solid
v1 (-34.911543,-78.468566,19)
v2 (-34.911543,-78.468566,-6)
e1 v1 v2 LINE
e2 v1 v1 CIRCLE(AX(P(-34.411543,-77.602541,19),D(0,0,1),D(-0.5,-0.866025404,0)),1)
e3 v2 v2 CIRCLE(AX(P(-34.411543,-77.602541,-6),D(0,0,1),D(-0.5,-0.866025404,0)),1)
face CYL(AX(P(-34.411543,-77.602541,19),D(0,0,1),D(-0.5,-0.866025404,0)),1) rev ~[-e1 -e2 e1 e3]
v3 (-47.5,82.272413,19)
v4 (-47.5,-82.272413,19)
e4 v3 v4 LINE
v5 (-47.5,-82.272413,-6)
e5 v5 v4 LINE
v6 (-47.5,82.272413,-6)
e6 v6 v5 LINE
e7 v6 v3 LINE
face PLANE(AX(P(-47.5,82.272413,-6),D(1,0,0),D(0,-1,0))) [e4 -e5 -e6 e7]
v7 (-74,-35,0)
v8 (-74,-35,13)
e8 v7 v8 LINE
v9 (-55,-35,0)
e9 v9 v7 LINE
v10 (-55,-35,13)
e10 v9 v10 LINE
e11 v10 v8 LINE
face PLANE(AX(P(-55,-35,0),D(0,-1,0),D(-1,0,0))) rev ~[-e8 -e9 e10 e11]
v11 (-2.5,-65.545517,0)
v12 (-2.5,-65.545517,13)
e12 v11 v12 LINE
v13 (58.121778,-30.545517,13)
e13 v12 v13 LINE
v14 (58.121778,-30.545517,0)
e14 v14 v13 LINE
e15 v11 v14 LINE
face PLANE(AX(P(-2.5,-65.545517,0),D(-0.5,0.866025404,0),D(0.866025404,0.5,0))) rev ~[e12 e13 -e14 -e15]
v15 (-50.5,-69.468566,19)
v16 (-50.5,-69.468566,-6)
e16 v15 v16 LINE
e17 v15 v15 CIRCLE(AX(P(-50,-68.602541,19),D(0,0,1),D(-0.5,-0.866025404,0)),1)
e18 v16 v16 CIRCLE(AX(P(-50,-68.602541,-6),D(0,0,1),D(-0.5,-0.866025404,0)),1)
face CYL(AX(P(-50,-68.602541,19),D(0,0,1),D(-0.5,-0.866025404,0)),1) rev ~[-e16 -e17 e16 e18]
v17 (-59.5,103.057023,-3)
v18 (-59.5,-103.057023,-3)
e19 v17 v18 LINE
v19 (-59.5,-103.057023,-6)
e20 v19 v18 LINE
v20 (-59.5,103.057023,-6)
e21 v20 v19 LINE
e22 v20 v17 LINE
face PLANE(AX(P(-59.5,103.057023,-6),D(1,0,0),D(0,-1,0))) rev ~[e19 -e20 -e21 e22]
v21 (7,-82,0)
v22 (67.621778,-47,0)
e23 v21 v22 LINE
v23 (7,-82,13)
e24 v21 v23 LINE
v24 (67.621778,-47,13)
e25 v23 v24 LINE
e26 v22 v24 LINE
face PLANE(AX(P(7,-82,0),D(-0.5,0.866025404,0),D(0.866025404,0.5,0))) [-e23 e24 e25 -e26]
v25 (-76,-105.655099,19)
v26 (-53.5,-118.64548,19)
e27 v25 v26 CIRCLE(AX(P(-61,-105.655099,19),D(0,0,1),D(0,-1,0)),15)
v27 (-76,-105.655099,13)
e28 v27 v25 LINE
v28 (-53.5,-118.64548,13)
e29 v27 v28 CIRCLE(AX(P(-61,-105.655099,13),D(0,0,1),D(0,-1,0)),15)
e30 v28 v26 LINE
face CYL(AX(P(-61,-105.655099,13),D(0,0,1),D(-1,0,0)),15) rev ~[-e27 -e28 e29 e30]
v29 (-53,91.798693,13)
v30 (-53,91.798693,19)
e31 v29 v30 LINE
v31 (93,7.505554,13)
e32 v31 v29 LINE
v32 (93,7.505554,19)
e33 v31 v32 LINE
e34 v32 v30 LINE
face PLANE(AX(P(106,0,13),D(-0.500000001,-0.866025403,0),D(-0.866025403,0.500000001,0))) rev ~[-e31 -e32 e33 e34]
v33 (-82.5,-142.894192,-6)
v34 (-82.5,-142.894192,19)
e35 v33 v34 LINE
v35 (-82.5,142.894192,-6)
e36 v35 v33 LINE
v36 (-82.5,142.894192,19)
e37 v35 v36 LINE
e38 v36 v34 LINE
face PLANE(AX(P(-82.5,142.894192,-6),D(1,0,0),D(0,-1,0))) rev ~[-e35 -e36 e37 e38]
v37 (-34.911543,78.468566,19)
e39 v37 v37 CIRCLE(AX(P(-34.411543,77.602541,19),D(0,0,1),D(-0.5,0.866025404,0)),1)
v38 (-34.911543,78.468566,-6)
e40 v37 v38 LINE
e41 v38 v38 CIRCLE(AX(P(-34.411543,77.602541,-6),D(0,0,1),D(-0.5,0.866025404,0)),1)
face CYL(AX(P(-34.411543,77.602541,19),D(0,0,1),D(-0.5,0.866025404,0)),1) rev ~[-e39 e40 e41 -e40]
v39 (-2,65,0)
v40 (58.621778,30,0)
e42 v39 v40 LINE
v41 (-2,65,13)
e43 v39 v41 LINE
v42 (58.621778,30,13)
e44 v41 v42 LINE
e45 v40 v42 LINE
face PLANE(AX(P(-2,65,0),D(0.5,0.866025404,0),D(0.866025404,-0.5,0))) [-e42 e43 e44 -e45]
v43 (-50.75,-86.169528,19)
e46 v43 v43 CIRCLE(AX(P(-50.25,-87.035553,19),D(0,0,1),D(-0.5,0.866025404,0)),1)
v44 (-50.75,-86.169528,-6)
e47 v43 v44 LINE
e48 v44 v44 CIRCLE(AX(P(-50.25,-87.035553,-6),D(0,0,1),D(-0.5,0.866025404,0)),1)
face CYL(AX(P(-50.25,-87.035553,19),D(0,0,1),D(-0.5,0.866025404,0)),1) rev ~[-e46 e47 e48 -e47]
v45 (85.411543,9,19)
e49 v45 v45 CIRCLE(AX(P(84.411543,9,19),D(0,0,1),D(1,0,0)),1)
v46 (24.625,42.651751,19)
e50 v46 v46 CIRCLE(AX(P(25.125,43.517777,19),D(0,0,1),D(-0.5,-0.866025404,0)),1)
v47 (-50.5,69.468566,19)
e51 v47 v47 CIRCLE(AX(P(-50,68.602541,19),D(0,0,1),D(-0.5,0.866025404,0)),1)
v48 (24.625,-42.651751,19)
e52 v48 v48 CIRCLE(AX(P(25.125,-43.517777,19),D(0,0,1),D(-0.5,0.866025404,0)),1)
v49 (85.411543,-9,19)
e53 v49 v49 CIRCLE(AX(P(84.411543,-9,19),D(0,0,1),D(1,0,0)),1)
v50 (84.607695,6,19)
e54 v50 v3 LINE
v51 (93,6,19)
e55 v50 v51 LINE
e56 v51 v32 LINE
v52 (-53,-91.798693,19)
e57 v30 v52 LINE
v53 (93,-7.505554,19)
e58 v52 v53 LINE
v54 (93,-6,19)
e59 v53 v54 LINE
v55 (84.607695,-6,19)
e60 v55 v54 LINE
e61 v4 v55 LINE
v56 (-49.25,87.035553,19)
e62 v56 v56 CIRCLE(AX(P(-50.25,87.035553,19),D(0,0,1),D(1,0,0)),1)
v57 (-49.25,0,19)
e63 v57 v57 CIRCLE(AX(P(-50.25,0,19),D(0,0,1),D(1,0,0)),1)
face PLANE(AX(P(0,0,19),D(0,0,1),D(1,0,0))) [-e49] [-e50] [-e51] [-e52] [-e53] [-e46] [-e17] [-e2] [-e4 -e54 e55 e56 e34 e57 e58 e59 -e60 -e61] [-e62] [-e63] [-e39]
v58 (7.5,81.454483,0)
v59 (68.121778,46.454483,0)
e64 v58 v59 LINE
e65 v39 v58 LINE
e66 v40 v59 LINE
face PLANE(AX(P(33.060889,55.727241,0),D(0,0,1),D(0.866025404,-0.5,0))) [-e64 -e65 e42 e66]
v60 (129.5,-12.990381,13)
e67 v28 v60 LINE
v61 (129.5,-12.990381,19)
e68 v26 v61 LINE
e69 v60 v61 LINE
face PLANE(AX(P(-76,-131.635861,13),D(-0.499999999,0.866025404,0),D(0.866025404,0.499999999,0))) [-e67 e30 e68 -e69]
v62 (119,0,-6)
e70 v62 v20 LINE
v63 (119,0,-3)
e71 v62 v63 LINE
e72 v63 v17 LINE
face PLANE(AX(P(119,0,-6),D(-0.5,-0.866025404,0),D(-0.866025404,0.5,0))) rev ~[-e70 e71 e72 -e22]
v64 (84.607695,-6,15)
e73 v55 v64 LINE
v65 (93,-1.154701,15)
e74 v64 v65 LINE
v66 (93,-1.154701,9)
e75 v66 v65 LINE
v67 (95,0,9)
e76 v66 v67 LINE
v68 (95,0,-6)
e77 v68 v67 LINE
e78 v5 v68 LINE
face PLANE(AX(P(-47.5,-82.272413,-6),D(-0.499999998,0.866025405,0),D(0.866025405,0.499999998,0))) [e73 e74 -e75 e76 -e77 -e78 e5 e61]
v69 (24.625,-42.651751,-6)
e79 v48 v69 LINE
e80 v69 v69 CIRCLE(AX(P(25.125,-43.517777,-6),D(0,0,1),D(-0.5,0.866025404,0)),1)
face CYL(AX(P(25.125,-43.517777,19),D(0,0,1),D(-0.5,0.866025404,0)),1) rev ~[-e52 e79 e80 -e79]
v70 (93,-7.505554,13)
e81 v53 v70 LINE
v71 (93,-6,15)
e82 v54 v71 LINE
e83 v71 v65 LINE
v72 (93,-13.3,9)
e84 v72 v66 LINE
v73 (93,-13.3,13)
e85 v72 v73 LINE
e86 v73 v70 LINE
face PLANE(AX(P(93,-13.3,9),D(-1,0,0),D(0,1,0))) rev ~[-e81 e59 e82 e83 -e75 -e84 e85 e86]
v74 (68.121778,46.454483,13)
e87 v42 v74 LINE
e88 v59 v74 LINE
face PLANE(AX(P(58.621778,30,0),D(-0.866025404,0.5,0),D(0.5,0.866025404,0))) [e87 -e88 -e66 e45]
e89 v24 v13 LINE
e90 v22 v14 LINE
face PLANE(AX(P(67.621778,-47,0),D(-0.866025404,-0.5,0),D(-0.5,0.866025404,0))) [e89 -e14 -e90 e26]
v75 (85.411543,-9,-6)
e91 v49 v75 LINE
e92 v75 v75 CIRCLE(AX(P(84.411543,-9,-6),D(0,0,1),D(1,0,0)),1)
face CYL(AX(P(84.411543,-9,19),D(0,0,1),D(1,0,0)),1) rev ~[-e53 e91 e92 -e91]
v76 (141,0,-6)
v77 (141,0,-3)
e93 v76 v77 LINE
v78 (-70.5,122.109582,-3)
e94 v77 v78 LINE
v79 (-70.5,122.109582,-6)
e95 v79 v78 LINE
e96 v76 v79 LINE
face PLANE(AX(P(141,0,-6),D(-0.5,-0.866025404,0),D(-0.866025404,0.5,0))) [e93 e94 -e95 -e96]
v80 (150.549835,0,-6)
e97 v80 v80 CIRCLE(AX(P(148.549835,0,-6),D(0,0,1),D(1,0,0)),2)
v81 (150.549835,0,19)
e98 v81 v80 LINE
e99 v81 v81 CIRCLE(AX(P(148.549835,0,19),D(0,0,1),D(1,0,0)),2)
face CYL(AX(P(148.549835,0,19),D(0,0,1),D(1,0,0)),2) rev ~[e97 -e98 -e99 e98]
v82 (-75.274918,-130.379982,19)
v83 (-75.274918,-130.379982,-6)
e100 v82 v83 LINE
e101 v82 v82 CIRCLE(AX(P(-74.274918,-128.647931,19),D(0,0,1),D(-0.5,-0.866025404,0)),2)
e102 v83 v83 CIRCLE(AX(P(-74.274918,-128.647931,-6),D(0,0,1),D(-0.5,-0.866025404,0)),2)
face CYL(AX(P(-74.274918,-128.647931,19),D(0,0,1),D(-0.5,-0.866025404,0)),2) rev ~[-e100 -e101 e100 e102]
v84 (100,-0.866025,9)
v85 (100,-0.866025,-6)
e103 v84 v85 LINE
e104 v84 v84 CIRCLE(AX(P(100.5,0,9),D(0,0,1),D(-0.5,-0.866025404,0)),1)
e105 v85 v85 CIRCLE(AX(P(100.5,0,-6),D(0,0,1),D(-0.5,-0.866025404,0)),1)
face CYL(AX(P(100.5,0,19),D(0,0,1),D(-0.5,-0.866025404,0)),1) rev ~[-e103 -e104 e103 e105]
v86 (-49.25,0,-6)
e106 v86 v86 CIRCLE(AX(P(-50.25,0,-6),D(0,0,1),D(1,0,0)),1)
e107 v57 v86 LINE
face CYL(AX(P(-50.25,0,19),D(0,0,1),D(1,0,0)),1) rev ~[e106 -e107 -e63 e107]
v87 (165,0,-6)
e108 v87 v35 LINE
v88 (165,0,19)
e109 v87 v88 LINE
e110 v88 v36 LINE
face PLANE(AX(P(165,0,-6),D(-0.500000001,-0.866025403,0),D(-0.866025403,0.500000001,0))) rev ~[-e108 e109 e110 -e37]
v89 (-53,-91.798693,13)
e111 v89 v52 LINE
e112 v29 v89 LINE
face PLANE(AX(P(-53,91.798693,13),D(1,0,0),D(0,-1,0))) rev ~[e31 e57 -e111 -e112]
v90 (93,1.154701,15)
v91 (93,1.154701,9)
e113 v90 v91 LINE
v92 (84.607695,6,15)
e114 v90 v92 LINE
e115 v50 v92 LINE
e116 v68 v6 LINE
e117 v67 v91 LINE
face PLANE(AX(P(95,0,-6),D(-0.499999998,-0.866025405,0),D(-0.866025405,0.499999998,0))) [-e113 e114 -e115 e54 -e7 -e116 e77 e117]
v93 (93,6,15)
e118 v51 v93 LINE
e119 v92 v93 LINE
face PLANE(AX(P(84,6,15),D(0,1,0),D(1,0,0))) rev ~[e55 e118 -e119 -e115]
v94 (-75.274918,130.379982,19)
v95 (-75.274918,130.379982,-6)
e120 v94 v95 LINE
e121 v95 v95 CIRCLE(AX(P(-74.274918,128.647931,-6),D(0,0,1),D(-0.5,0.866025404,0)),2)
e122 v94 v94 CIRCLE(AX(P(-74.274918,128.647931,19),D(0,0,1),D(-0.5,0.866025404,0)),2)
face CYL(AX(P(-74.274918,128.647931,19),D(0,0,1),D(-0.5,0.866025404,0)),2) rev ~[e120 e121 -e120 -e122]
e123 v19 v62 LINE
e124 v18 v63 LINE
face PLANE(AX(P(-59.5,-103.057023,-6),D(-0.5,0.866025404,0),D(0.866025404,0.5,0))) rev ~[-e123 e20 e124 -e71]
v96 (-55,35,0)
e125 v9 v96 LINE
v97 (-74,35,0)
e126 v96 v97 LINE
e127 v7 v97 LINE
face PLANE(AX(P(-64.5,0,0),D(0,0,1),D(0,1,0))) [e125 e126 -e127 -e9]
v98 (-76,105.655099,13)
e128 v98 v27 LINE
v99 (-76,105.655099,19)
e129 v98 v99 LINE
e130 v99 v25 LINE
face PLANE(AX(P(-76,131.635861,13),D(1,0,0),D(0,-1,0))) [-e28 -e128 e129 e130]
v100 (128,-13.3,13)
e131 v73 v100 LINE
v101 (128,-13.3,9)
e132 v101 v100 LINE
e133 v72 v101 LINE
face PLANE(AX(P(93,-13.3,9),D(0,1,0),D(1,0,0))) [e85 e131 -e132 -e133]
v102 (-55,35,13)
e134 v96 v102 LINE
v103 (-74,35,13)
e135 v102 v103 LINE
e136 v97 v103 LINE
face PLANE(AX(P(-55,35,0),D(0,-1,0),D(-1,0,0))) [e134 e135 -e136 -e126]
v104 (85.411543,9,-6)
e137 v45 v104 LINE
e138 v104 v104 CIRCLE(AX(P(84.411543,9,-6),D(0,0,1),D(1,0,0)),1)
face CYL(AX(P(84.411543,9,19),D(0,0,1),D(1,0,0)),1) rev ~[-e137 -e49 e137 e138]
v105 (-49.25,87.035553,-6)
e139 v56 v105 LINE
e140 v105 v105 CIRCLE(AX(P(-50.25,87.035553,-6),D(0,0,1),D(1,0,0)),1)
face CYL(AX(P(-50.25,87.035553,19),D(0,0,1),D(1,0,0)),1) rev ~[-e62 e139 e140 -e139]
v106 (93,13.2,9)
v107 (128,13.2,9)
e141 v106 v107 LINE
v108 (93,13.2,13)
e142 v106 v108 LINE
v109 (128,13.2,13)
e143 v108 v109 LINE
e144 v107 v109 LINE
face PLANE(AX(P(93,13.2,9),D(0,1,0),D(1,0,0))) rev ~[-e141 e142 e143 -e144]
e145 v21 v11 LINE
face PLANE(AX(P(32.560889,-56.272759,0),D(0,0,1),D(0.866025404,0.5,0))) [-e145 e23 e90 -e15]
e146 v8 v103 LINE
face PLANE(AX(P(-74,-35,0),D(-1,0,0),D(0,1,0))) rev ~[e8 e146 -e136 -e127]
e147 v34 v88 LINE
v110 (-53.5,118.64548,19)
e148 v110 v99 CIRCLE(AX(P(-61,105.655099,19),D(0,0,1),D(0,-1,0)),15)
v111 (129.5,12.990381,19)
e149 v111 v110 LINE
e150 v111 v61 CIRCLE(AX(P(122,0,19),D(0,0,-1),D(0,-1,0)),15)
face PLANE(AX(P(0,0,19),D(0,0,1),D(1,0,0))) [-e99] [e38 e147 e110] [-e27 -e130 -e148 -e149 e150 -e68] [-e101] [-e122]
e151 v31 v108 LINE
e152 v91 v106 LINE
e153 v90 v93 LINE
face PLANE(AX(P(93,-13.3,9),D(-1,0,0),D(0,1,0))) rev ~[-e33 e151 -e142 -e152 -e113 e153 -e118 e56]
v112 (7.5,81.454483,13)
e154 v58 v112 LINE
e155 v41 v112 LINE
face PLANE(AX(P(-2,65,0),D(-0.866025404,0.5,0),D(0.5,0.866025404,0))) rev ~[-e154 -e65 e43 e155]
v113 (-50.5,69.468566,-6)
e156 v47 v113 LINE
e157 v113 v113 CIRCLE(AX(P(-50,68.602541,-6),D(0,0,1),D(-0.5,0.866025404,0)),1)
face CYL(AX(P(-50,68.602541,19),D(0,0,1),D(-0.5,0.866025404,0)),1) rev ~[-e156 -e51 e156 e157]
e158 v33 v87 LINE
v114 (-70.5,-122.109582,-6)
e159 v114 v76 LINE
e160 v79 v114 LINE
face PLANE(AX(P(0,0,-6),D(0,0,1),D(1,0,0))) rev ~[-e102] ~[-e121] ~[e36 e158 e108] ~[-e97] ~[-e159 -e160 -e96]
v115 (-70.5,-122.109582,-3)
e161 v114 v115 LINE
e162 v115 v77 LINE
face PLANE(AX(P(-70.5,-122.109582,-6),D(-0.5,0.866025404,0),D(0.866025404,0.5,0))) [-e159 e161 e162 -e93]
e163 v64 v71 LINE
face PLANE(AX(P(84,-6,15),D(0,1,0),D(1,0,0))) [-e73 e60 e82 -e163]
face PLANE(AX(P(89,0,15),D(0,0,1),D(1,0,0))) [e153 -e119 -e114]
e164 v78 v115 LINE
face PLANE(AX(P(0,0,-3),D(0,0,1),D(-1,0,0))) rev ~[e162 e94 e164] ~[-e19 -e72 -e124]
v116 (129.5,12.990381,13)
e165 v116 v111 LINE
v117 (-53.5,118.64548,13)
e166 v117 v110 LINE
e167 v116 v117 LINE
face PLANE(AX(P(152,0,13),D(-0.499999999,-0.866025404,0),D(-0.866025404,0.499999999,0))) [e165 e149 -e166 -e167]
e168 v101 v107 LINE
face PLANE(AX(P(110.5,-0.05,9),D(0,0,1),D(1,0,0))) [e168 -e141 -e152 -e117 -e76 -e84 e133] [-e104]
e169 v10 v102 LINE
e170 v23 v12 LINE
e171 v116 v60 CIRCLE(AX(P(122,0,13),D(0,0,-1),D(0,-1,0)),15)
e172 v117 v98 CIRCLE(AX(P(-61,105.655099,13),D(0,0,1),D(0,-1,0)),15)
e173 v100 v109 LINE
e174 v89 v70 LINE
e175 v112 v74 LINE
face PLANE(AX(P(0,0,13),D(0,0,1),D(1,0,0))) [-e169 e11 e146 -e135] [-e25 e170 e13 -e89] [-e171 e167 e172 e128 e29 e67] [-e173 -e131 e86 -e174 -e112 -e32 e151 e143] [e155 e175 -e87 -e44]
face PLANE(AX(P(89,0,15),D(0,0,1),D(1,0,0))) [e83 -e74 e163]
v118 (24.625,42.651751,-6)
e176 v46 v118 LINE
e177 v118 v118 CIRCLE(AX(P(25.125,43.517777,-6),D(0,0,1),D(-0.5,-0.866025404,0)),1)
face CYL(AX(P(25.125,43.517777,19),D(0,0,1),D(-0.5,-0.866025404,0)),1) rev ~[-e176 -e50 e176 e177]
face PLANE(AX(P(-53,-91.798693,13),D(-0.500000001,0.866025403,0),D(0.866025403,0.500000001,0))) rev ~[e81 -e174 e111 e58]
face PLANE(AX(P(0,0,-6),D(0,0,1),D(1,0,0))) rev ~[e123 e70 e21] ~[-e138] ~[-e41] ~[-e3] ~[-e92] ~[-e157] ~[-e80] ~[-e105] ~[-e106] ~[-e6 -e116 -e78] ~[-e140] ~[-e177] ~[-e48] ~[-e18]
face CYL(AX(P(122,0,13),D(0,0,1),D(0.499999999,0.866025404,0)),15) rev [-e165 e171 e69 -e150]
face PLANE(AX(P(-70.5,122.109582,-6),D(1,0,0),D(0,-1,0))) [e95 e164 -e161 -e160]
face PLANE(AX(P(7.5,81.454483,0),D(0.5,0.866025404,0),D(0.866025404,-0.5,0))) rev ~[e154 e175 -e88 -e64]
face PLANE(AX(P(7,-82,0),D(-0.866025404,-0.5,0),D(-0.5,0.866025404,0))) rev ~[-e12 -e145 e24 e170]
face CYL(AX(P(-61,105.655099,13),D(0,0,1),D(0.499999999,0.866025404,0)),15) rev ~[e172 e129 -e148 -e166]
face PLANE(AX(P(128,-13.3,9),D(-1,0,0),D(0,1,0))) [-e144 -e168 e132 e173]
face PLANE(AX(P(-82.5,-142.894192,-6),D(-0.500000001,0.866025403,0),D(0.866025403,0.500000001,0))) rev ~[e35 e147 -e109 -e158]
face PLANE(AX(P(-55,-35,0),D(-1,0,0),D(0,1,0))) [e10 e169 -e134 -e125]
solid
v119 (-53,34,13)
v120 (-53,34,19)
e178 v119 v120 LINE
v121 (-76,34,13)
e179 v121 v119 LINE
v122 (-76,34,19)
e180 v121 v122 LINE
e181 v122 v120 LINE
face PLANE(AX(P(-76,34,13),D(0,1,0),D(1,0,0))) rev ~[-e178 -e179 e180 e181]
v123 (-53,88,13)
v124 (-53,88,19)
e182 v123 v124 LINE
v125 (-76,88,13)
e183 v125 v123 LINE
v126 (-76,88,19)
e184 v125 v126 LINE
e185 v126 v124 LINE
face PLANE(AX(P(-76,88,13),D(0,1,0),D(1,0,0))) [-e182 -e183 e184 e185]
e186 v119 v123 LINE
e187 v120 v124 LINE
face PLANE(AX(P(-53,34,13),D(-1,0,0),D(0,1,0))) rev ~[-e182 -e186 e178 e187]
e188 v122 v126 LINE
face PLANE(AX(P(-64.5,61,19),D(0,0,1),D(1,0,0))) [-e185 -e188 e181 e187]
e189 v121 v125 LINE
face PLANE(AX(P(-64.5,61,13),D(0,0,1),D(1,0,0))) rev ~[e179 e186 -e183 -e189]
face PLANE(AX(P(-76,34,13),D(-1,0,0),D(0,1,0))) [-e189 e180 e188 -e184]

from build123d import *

# Parameters (mm, degrees)
BOX005_W               = 23
BOX005_H               = 54
BOX005_DEPTH           = 6
PRISM003_DEPTH         = 6
PRISM002_DEPTH         = 6
BOX004_W               = 10
BOX004_H               = 12
BOX004_DEPTH           = 4
BOX003_W               = 35
BOX003_H               = 26.5
BOX003_DEPTH           = 10
BOX002_W               = 70
BOX002_H               = 19
BOX002_DEPTH           = 19
BOX002_PLACEMENT_ANGLE = 30
BOX001_W               = 70
BOX001_H               = 19
BOX001_DEPTH           = 19
BOX001_PLACEMENT_ANGLE = 90
BOX_W                  = 70
BOX_H                  = 19
BOX_DEPTH              = 19
BOX_PLACEMENT_ANGLE    = 30
PRISM001_DEPTH         = 25
PRISM_DEPTH            = 25
FILLET_R               = 15
SKETCH001_R            = 2
POCKET_DEPTH           = 782.777352
POLARPATTERN_COUNT     = 3
POCKET001_DEPTH        = 3
SKETCH002_R            = 1
POCKET002_DEPTH        = 782.777352
POLARPATTERN001_COUNT  = 3
SKETCH004_R            = 1
POCKET003_DEPTH        = 782.777352
POLARPATTERN002_COUNT  = 3
POLARPATTERN003_COUNT  = 3


with BuildPart() as box005:
    # Box005 → Box005 (new body)
    with BuildSketch(Plane(origin=(-76, 34, 13), x_dir=(1, 0, 0), z_dir=(0, 0, 1))):
        with Locations((11.5, 27)):
            Rectangle(BOX005_W, BOX005_H)
    extrude(amount=BOX005_DEPTH)


with BuildPart() as prism003:
    # Prism003 → Prism003 (new body)
    with BuildSketch(Plane.XY.offset(13)):
        Polygon((106, 0), (-53, 91.798693), (-53, -91.798693), align=None)
    extrude(amount=PRISM003_DEPTH)


with BuildPart() as cut006:
    # Prism002 → Prism002 (new body)
    with BuildSketch(Plane.XY.offset(13)):
        Polygon((152, 0), (-76, 131.635861), (-76, -131.635861), align=None)
    extrude(amount=PRISM002_DEPTH)

    # Cut006: cut Prism003
    add(prism003.part, mode=Mode.SUBTRACT)


with BuildPart() as box004:
    # Box004 → Box004 (new body)
    with BuildSketch(Plane(origin=(84, -6, 15), x_dir=(1, 0, 0), z_dir=(0, 0, 1))):
        with Locations((5, 6)):
            Rectangle(BOX004_W, BOX004_H)
    extrude(amount=BOX004_DEPTH)


with BuildPart() as box003:
    # Box003 → Box003 (new body)
    with BuildSketch(Plane(origin=(93, -13.3, 9), x_dir=(1, 0, 0), z_dir=(0, 0, 1))):
        with Locations((17.5, 13.25)):
            Rectangle(BOX003_W, BOX003_H)
    extrude(amount=BOX003_DEPTH)


with BuildPart() as box002:
    # Box002 → Box002 (new body)
    with BuildSketch(Plane.XY):
        with Locations((35, 9.5)):
            Rectangle(BOX002_W, BOX002_H)
    extrude(amount=BOX002_DEPTH)


with BuildPart() as box002_1:
    # Box002 placement: moved
    add(box002.part.moved(Location((7, -82, 0))).rotate(Axis((7, -82, 0), (0, 0, 1)), BOX002_PLACEMENT_ANGLE))


with BuildPart() as box001:
    # Box001 → Box001 (new body)
    with BuildSketch(Plane.XY):
        with Locations((35, 9.5)):
            Rectangle(BOX001_W, BOX001_H)
    extrude(amount=BOX001_DEPTH)


with BuildPart() as box001_1:
    # Box001 placement: moved
    add(box001.part.moved(Location((-55, -35, 0))).rotate(Axis((-55, -35, 0), (0, 0, 1)), BOX001_PLACEMENT_ANGLE))


with BuildPart() as box:
    # Box → Box (new body)
    with BuildSketch(Plane.XY):
        with Locations((35, 9.5)):
            Rectangle(BOX_W, BOX_H)
    extrude(amount=BOX_DEPTH)


with BuildPart() as box_1:
    # Box placement: moved
    add(box.part.moved(Location((-2, 65, 0))).rotate(Axis((-2, 65, 0), (0, 0, -1)), BOX_PLACEMENT_ANGLE))


with BuildPart() as prism001:
    # Prism001 → Prism001 (new body)
    with BuildSketch(Plane.XY.offset(-6)):
        Polygon((95, 0), (-47.5, 82.272413), (-47.5, -82.272413), align=None)
    extrude(amount=PRISM001_DEPTH)


with BuildPart() as body:
    # Prism → Prism (new body)
    with BuildSketch(Plane.XY.offset(-6)):
        Polygon((165, 0), (-82.5, 142.894192), (-82.5, -142.894192), align=None)
    extrude(amount=PRISM_DEPTH)

    # Cut: cut Prism001
    add(prism001.part, mode=Mode.SUBTRACT)

    # Cut001: cut Box
    add(box_1.part, mode=Mode.SUBTRACT)

    # Cut002: cut Box001
    add(box001_1.part, mode=Mode.SUBTRACT)

    # Cut003: cut Box002
    add(box002_1.part, mode=Mode.SUBTRACT)

    # Cut004: cut Box003
    add(box003.part, mode=Mode.SUBTRACT)

    # Cut005: cut Box004
    add(box004.part, mode=Mode.SUBTRACT)

    # Cut007: cut Cut006
    add(cut006.part, mode=Mode.SUBTRACT)

    # Fillet
    fillet_edges = [body.edges().sort_by_distance(p)[0] for p in [
        (152, 0, 16),
        (-76, 131.635861, 16),
        (-76, -131.635861, 16),
    ]]
    fillet(fillet_edges, radius=FILLET_R)

    # Sketch001 (on Face1 of BaseFeature) → Pocket (cut, through all)
    with BuildSketch(Plane.XY.offset(19)):
        with Locations((148.549835, 0)):
            Circle(SKETCH001_R)
    pocket = extrude(amount=-POCKET_DEPTH, mode=Mode.SUBTRACT)

    # PolarPattern: Pocket ×3 about axis
    polarpattern_axis = Axis((0, 0, 19), (0, 0, 1))
    for i in range(1, POLARPATTERN_COUNT):
        add(pocket.rotate(polarpattern_axis, i * 360 / POLARPATTERN_COUNT), mode=Mode.SUBTRACT)

    # Sketch003 (on Face14 of PolarPattern) → Pocket001 (cut)
    with BuildSketch(Plane(origin=(0, 0, -6), x_dir=(1, 0, 0), z_dir=(0, 0, -1))):
        Polygon((-70.5, 122.109582), (141, 0), (-70.5, -122.109582), align=None)
        Polygon((-59.5, -103.057023), (-59.5, 103.057023), (119, 0), align=None, mode=Mode.SUBTRACT)
    extrude(amount=-POCKET001_DEPTH, mode=Mode.SUBTRACT)

    # Sketch002 (on Face39 of PolarPattern) → Pocket002 (cut, through all)
    with BuildSketch(Plane.XY.offset(19)):
        with Locations((-50.25, 0)):
            Circle(SKETCH002_R)
        with Locations((-50.25, 87.035553)):
            Circle(SKETCH002_R)
    pocket002 = extrude(amount=-POCKET002_DEPTH, mode=Mode.SUBTRACT)

    # PolarPattern001: Pocket002 ×3 about axis
    polarpattern001_axis = Axis((0, 0, 19), (0, 0, 1))
    for i in range(1, POLARPATTERN001_COUNT):
        add(pocket002.rotate(polarpattern001_axis, i * 360 / POLARPATTERN001_COUNT), mode=Mode.SUBTRACT)

    # Sketch004 (on Face40 of PolarPattern001) → Pocket003 (cut, through all)
    with BuildSketch(Plane.XY.offset(19)):
        with Locations((84.411543, 9)):
            Circle(SKETCH004_R)
        with Locations((84.411543, -9)):
            Circle(SKETCH004_R)
    pocket003 = extrude(amount=-POCKET003_DEPTH, mode=Mode.SUBTRACT)

    # PolarPattern002: Pocket003 ×3 about axis
    polarpattern002_axis = Axis((0, 0, 19), (0, 0, 1))
    for i in range(1, POLARPATTERN002_COUNT):
        add(pocket003.rotate(polarpattern002_axis, i * 360 / POLARPATTERN002_COUNT), mode=Mode.SUBTRACT)

    # PolarPattern003: Pocket002 ×3 about axis
    polarpattern003_axis = Axis((0, 0, 19), (0, 0, 1))
    for i in range(1, POLARPATTERN003_COUNT):
        add(pocket002.rotate(polarpattern003_axis, i * 360 / POLARPATTERN003_COUNT), mode=Mode.SUBTRACT)


solid = Compound([box005.part, body.part])
